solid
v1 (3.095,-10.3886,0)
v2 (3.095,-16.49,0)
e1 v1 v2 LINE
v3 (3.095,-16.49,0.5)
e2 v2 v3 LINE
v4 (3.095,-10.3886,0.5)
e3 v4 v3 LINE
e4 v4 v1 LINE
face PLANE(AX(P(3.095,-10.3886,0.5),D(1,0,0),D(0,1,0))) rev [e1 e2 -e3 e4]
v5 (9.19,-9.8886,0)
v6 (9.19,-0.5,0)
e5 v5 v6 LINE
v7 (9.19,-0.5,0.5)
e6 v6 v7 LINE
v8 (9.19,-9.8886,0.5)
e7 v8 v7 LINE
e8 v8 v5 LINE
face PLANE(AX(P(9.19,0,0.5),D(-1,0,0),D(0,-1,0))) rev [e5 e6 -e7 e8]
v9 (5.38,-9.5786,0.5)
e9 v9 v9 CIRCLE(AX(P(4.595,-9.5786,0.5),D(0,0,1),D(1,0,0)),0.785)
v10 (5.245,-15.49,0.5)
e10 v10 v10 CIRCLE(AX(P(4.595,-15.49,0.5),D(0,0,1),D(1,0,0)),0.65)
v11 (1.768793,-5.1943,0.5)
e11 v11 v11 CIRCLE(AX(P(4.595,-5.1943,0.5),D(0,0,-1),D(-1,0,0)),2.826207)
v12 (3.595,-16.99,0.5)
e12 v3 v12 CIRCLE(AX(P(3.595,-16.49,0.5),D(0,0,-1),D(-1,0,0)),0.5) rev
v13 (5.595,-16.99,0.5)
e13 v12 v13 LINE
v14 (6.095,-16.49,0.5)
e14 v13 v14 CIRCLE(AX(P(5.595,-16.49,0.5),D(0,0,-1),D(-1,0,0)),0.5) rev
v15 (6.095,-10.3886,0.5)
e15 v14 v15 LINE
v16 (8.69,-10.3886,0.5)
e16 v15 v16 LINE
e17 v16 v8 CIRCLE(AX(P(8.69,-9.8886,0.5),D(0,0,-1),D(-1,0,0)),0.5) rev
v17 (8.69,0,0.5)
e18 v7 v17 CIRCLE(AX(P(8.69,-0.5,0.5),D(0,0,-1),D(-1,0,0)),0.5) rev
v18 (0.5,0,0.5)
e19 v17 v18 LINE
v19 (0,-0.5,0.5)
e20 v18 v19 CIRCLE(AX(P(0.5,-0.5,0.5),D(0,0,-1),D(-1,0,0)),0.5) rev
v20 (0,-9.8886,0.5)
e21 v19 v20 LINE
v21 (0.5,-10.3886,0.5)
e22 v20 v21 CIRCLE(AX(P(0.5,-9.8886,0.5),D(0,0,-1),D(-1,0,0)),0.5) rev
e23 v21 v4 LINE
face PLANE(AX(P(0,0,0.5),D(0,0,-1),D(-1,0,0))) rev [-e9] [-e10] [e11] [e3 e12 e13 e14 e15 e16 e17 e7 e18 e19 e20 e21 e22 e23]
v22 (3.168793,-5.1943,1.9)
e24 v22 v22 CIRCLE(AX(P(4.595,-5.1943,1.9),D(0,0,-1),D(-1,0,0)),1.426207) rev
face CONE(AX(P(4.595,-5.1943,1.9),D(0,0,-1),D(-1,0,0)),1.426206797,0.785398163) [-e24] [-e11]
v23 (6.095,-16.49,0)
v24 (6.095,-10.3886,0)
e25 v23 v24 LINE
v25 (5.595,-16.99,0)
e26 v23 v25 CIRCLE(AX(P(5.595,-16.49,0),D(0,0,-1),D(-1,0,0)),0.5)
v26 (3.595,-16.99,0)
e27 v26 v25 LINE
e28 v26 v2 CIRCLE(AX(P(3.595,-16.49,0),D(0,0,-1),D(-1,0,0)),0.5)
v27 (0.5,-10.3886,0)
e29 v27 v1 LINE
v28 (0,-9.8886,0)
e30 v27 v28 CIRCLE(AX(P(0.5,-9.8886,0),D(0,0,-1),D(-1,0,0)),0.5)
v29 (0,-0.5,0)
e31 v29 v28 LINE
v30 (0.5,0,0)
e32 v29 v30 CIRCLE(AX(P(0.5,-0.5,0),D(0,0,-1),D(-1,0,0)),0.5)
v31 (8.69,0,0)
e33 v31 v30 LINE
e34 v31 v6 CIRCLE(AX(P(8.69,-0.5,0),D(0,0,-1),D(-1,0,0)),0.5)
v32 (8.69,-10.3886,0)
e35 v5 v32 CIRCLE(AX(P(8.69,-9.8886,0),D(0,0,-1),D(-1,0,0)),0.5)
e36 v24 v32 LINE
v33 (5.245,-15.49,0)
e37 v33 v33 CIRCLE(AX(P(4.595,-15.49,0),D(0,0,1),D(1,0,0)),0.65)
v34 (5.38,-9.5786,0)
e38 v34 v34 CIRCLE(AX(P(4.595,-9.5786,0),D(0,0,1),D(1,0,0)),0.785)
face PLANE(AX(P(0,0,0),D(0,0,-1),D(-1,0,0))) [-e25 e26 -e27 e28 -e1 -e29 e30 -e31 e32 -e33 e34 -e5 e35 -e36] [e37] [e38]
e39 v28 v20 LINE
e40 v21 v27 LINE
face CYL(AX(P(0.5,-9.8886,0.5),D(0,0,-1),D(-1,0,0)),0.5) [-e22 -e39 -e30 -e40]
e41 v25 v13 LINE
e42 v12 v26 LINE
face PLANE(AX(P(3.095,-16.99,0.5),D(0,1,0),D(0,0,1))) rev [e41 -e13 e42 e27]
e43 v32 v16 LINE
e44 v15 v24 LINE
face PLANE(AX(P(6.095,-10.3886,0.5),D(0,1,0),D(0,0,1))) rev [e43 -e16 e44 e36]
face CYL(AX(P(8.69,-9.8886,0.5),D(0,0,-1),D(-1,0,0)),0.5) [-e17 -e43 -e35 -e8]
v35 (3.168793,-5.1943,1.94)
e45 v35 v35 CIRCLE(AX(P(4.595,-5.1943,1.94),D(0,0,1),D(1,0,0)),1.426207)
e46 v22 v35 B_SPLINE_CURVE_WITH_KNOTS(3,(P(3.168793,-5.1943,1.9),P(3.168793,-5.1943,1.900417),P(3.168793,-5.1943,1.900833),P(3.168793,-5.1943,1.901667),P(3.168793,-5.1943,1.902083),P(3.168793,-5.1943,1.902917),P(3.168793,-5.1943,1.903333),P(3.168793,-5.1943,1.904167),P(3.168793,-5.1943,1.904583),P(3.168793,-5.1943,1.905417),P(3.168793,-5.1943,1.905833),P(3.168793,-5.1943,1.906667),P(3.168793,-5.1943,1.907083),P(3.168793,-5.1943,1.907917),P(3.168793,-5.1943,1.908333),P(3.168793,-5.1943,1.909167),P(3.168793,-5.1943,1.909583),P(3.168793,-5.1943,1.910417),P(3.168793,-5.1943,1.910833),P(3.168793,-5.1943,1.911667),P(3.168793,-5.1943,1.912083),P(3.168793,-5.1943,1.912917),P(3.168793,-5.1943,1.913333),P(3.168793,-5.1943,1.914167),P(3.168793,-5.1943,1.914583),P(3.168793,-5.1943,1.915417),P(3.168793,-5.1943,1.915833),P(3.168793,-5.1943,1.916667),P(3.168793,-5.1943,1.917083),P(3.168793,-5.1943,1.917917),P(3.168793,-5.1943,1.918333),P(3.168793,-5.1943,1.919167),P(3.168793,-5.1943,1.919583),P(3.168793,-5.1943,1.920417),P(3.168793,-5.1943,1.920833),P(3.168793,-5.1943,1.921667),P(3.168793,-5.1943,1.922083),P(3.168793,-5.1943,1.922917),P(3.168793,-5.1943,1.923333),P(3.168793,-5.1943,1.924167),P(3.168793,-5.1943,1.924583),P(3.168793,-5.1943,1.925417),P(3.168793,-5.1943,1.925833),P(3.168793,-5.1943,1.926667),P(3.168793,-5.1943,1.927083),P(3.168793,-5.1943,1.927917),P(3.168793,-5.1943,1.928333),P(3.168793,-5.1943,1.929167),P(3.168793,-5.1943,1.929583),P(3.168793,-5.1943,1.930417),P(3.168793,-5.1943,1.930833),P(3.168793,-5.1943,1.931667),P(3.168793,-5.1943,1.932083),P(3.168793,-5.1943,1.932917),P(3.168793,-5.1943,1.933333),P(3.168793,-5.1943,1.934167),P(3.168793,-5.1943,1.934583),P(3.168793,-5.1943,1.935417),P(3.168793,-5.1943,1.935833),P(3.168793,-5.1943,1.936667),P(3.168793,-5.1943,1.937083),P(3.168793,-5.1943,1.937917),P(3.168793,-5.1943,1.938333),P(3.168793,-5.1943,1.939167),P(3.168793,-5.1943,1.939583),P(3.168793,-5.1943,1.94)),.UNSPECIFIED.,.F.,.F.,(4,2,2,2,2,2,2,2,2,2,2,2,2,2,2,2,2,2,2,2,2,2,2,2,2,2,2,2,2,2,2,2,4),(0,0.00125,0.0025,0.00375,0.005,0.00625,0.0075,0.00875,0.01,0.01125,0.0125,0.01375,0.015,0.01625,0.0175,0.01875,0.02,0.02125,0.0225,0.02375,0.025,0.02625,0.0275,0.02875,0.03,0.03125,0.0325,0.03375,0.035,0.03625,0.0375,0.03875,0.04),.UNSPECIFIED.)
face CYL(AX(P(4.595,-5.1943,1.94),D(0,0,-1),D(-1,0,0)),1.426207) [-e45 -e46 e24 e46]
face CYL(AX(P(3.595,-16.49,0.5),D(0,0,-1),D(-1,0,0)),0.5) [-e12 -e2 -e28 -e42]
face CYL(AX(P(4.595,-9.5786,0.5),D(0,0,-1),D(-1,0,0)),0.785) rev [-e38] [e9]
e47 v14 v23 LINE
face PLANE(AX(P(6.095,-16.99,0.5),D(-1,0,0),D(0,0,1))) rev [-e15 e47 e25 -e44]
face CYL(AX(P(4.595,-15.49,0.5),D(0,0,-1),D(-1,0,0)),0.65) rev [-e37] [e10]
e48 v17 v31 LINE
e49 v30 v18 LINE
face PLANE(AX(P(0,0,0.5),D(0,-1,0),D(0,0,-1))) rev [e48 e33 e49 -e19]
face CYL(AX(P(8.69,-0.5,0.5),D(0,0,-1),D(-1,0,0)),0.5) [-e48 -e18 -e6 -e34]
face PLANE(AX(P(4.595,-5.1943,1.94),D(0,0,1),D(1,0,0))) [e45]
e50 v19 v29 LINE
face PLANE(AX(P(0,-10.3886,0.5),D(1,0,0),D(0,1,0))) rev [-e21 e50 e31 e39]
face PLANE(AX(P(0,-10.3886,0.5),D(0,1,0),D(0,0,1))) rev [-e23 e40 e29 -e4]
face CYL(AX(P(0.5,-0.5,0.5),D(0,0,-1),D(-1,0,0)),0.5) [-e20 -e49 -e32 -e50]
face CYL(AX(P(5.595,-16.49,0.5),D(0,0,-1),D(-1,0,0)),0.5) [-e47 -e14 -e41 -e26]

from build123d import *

# Parameters (mm, degrees)
SKETCH1_R           = 0.65
SKETCH1_R_2         = 0.785
BOSS_EXTRUDE1_DEPTH = 0.5
FILLET1_R           = 0.5
SKETCH6_R           = 1.426206797
BOSS_EXTRUDE3_DEPTH = 1.44
CHAMFER1_SIZE       = 1.4


with BuildPart() as part:
    # Sketch1 → Boss-Extrude1 (new body)
    with BuildSketch(Plane.XY):
        Polygon((0, 0), (9.19, 0), (9.19, -10.3886), (6.095, -10.3886), (6.095, -16.99), (3.095, -16.99), (3.095, -10.3886), (0, -10.3886), align=None)
        with Locations((4.595, -15.49)):
            Circle(SKETCH1_R, mode=Mode.SUBTRACT)
        with Locations((4.595, -9.5786)):
            Circle(SKETCH1_R_2, mode=Mode.SUBTRACT)
    extrude(amount=BOSS_EXTRUDE1_DEPTH)

    # Fillet1
    fillet1_edges = [part.edges().sort_by_distance(p)[0] for p in [
        (9.19, -10.3886, 0.25),
        (0, 0, 0.25),
        (9.19, 0, 0.25),
        (6.095, -16.99, 0.25),
        (3.095, -16.99, 0.25),
        (0, -10.3886, 0.25),
    ]]
    fillet(fillet1_edges, radius=FILLET1_R)

    # Sketch6 → Boss-Extrude3 (add)
    with BuildSketch(Plane.XY.offset(0.5)):
        with Locations((4.595, -5.1943)):
            Circle(SKETCH6_R)
    extrude(amount=BOSS_EXTRUDE3_DEPTH)

    # Chamfer1
    chamfer1_edges = [part.edges().sort_by_distance(p)[0] for p in [
        (3.168793203, -5.1943, 0.5),
    ]]
    chamfer(chamfer1_edges, length=CHAMFER1_SIZE)


solid = part.part
